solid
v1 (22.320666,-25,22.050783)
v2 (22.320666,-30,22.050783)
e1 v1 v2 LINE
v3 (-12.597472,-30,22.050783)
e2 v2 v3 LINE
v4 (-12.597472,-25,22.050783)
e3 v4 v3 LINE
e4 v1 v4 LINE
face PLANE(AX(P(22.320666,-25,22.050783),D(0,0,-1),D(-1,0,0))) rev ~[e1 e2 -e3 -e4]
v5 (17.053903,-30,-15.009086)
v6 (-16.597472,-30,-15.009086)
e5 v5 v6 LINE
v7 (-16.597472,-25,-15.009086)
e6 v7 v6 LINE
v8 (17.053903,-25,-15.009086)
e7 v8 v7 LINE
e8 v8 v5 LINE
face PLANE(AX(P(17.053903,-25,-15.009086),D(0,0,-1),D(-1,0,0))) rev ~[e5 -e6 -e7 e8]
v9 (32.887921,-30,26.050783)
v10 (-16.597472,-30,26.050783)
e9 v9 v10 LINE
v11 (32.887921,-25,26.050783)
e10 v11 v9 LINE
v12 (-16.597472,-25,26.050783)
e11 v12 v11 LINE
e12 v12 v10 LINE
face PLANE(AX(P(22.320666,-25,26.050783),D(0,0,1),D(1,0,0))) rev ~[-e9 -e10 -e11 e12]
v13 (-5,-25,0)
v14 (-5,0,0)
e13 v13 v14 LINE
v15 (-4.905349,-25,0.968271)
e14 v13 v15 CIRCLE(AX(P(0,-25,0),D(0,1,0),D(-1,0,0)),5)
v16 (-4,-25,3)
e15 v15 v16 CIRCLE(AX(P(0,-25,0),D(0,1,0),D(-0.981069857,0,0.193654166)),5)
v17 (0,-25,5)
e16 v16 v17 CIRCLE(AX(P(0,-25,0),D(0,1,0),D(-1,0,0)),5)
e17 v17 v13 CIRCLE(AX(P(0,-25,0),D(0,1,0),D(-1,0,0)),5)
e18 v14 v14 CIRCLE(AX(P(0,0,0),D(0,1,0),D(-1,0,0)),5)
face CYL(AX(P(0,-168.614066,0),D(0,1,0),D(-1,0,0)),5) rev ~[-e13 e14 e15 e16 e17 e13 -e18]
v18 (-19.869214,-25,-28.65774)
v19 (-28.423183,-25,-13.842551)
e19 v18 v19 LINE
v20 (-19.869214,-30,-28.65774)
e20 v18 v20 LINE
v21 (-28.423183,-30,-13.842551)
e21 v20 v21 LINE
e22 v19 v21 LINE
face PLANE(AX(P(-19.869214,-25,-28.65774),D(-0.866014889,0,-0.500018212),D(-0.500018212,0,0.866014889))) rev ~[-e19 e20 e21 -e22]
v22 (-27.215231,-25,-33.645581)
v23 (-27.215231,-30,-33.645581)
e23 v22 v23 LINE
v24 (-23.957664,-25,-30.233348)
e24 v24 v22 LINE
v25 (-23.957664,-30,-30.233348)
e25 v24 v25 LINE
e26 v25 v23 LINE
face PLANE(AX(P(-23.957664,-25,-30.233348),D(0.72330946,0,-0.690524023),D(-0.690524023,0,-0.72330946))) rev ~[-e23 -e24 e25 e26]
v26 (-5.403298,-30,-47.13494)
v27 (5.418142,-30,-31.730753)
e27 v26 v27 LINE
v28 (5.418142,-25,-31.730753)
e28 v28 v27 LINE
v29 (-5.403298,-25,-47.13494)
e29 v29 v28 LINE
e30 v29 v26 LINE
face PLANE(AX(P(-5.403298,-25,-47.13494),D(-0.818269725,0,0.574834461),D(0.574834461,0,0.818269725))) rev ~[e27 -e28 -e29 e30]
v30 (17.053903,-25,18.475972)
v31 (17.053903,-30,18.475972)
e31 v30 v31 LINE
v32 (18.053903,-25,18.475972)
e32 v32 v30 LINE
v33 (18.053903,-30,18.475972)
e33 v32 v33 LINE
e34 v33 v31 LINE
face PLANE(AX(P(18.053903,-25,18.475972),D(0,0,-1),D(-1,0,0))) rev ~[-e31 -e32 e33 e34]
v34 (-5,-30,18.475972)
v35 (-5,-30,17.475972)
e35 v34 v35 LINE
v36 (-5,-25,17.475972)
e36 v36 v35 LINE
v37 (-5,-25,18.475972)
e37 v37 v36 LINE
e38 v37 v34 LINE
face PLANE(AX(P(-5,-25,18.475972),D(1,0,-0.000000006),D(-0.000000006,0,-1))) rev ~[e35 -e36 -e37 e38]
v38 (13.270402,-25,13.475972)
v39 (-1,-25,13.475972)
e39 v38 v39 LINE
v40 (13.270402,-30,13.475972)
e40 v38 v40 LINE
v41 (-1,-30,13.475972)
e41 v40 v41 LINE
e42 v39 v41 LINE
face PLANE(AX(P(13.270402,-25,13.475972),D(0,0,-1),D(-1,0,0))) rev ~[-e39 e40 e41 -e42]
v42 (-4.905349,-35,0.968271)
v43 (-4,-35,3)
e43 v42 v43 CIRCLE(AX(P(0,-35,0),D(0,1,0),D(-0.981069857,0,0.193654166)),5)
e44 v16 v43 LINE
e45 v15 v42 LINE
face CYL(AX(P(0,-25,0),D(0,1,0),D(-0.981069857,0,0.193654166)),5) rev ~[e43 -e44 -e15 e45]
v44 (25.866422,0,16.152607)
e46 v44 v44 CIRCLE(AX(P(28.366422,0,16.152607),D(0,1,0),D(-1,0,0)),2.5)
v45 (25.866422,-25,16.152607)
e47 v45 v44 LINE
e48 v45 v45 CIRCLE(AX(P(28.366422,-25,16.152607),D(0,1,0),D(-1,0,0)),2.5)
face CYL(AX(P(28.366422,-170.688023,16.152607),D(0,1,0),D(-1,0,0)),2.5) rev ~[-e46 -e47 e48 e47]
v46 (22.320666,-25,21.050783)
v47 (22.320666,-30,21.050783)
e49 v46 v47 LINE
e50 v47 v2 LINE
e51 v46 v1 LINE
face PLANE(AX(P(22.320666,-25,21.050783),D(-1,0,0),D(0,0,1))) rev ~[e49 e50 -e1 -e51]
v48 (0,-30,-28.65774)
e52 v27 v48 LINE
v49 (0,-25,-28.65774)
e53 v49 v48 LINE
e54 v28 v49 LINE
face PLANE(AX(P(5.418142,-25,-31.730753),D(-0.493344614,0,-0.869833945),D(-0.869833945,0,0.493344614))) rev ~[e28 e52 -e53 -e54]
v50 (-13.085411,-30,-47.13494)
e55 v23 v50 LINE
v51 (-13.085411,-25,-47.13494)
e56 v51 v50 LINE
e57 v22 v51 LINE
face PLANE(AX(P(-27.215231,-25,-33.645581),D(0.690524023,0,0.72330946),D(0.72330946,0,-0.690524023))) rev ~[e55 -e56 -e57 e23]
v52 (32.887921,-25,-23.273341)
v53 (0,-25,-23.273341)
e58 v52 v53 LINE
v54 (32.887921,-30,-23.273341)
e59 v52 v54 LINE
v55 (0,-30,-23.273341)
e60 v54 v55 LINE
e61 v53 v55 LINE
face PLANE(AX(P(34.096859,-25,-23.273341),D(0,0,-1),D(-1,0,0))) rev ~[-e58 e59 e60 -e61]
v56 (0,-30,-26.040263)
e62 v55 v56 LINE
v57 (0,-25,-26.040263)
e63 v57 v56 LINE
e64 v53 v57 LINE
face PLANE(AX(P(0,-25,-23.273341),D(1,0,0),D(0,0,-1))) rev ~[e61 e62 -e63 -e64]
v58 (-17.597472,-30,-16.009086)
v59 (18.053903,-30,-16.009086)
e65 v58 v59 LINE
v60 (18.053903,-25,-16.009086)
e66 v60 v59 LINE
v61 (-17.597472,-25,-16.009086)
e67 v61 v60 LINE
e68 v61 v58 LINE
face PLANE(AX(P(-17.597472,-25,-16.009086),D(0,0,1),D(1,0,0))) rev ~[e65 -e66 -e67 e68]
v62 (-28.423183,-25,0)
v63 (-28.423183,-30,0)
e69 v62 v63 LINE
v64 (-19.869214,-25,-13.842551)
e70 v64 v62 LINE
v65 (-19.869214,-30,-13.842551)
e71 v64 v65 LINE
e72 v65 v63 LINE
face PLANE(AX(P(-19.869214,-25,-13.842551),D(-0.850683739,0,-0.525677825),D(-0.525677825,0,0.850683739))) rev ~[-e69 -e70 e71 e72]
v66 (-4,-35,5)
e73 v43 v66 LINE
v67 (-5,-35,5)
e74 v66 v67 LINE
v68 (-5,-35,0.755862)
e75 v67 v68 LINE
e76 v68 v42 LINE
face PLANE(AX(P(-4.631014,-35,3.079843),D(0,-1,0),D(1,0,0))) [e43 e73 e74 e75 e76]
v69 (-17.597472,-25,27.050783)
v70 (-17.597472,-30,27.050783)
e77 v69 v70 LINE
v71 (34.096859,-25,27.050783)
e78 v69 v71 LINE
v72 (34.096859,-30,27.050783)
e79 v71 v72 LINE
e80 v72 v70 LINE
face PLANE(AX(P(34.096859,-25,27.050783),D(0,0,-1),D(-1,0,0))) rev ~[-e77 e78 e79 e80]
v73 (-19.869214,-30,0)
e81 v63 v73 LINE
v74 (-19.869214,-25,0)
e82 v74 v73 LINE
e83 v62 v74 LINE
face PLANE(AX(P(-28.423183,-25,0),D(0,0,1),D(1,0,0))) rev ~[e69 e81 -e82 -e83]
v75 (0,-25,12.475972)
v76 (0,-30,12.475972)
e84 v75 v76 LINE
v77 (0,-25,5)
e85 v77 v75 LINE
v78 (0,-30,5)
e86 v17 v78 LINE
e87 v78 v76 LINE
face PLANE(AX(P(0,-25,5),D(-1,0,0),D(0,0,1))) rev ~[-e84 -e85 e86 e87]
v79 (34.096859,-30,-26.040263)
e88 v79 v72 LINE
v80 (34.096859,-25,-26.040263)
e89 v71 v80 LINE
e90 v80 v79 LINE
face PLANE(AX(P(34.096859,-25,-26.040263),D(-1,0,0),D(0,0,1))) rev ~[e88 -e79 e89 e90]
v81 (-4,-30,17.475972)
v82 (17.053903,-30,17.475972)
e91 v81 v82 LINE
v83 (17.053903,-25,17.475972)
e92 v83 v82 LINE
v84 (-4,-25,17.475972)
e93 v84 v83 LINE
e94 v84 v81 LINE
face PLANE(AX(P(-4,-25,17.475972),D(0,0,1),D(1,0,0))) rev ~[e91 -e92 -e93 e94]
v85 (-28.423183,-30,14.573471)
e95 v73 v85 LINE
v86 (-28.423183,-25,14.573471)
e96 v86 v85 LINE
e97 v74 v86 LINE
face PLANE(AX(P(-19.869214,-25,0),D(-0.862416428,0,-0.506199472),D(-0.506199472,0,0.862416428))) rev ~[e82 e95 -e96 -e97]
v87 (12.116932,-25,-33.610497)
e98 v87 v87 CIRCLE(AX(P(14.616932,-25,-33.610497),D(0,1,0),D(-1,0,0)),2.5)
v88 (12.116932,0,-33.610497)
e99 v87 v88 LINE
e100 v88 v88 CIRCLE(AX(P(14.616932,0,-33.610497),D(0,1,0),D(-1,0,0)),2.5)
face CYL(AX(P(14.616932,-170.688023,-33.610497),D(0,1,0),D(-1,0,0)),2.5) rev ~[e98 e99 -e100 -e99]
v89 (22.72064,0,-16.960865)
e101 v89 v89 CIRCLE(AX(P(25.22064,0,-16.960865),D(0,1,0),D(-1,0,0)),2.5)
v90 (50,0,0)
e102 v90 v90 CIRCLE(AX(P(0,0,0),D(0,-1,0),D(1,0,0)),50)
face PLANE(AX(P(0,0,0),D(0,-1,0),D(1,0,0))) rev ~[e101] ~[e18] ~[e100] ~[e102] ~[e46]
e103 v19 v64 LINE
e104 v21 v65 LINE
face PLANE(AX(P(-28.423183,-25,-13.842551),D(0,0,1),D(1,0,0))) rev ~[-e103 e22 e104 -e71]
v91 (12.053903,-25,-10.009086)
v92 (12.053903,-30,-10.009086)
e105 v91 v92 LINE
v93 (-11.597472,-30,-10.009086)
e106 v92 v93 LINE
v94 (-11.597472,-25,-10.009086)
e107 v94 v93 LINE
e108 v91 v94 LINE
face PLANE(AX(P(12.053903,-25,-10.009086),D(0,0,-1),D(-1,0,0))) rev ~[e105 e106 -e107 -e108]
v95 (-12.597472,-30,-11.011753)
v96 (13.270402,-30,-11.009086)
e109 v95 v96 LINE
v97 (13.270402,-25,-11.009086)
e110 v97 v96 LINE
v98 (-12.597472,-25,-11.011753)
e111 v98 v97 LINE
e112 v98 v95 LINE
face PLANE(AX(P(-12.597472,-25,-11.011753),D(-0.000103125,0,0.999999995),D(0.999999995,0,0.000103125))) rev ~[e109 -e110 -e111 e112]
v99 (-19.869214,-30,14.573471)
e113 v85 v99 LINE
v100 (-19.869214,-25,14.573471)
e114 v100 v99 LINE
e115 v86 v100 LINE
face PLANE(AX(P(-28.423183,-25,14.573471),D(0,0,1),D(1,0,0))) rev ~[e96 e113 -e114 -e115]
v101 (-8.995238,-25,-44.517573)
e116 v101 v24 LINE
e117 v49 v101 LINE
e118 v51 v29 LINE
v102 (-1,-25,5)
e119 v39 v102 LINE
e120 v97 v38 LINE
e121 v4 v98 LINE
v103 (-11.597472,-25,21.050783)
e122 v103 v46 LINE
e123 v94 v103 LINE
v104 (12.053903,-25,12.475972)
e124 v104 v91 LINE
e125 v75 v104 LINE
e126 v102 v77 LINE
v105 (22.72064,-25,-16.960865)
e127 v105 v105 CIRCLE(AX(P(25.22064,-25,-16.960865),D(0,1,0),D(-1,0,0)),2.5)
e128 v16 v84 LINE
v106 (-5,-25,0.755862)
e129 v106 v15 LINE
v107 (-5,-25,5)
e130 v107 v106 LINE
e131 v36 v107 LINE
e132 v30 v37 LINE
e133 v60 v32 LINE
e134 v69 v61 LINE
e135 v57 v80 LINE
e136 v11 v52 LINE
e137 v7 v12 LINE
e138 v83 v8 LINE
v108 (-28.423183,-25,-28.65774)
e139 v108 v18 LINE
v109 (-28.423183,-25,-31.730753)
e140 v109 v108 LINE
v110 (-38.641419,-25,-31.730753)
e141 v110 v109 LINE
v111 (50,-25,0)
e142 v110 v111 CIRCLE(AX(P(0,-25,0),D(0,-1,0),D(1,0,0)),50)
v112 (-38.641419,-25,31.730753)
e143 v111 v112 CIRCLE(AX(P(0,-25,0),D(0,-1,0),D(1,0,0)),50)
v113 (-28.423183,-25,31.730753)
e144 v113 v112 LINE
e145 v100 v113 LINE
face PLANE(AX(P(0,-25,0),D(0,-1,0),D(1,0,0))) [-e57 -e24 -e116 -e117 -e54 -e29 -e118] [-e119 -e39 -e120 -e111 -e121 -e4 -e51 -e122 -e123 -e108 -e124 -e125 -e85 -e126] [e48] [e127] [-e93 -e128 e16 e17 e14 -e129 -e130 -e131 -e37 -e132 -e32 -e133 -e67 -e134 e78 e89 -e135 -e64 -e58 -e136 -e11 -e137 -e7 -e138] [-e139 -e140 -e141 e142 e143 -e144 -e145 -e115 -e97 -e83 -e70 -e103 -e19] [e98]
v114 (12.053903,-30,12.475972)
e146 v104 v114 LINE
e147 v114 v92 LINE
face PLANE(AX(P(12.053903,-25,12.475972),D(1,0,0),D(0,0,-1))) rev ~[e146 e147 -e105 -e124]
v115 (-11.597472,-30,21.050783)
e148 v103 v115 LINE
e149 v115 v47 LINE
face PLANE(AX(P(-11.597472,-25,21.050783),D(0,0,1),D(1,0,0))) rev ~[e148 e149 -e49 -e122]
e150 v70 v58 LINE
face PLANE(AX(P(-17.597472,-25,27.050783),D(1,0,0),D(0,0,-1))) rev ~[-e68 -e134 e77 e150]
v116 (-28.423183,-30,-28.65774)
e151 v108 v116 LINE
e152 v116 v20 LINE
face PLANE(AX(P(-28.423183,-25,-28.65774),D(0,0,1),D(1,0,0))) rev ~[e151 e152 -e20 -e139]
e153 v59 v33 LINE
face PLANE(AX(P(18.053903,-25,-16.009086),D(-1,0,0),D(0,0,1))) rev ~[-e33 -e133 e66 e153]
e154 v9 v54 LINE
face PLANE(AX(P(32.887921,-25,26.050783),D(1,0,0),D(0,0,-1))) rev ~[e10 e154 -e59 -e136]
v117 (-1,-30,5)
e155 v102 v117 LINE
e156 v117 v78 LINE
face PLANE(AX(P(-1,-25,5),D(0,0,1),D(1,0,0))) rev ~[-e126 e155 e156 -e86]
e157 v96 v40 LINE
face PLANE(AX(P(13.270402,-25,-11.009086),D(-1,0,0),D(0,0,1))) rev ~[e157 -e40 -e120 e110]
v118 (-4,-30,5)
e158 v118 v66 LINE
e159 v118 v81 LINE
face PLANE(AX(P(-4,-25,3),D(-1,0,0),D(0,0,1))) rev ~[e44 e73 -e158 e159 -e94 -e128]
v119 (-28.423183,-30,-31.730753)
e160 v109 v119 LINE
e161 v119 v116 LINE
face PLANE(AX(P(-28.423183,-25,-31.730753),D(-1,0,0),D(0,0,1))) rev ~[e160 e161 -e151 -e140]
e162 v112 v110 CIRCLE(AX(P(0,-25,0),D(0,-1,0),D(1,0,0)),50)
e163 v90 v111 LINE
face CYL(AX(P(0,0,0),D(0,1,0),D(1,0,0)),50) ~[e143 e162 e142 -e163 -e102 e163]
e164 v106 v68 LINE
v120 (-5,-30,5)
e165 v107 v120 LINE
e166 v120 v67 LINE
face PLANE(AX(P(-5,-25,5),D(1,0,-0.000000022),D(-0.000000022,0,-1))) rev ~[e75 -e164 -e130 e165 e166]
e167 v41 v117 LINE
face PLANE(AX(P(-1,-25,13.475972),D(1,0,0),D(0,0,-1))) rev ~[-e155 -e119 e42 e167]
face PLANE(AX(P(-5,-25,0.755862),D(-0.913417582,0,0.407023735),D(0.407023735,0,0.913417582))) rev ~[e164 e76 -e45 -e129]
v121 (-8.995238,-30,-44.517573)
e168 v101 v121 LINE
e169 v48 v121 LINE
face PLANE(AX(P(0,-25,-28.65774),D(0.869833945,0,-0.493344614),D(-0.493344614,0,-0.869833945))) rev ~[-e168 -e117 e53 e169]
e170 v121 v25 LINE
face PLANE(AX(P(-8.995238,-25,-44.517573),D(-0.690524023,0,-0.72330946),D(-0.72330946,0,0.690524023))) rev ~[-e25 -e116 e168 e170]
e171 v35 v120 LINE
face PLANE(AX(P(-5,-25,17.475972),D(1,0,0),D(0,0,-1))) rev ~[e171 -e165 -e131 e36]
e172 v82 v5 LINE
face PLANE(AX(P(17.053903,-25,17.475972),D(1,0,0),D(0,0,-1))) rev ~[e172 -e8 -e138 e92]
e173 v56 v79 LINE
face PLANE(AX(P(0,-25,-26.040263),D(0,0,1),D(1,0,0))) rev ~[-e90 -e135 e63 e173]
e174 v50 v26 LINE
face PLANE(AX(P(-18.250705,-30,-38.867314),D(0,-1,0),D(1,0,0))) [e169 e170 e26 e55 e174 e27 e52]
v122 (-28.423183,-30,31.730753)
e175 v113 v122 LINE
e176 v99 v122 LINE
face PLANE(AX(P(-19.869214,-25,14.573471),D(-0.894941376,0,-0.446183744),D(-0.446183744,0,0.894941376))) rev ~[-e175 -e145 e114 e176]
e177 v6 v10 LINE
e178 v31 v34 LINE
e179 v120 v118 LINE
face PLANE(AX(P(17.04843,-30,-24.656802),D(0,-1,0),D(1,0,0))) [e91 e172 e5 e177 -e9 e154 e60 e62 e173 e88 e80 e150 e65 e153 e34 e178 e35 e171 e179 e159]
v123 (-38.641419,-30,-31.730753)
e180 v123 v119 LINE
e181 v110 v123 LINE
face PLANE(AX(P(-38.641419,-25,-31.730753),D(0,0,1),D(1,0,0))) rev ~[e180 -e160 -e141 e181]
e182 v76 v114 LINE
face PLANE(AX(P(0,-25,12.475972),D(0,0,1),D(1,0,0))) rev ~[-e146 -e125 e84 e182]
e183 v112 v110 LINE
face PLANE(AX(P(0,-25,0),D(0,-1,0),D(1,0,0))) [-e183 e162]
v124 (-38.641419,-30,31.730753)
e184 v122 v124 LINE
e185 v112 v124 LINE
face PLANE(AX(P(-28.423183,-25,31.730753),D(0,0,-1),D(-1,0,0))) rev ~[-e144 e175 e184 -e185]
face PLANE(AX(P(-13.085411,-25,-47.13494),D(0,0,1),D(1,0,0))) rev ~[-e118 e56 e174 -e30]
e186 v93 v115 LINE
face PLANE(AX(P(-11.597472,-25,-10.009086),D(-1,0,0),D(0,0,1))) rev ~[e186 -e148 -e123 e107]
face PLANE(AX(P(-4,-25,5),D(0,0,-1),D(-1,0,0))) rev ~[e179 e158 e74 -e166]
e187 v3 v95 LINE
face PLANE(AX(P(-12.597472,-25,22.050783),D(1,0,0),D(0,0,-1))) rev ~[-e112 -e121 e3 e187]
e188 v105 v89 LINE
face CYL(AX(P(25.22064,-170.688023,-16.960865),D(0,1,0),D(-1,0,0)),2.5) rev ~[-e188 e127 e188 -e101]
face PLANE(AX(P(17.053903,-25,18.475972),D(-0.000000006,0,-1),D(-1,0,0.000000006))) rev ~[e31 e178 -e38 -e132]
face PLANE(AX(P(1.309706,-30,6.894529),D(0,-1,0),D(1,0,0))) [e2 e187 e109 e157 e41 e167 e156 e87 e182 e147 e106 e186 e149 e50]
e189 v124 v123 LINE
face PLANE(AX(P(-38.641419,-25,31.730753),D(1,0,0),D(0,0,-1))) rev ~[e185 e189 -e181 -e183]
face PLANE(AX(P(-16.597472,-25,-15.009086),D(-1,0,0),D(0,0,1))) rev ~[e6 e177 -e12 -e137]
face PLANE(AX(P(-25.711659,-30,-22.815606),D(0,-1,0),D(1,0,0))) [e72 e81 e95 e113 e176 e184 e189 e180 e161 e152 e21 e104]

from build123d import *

# Parameters (mm, degrees)
F0_R      = 50
F1_DEPTH  = 25
F3_D      = 10
F5_DEPTH  = 5
F7_DEPTH  = 10
F9_DEPTH  = 5
F11_DEPTH = 5
F13_D     = 5
F15_DEPTH = 5
F17_DEPTH = 5
F19_DEPTH = 5
F21_D     = 5


with BuildPart() as f1:
    # F0 (on Front) → F1 (new body)
    with BuildSketch(Plane.XZ):
        Circle(F0_R)
    extrude(amount=F1_DEPTH)

    # F3 (through all)
    with Locations(Plane.XZ.offset(25)):
        with Locations((0, 0)):
            Hole(F3_D / 2)

    # F4 (on face) → F5 (join)
    with BuildSketch(Plane.XZ.offset(25)):
        Polygon((-1, 5), (0, 5), (0, 12.4759720638), (12.0539031955, 12.4759720638), (12.0539031955, 0), (12.0539031955, -10.0090857595), (0, -10.0090857595), (-11.5974724069, -10.0090857595), (-11.5974724069, 0), (-11.5974724069, 12.4759720638), (-11.5974724069, 21.0507828742), (22.3206661865, 21.0507828742), (22.3206661865, 22.0507828742), (-11.5974724069, 22.0507828742), (-12.5974724069, 22.0507828742), (-12.5974724069, 5.5559086613), (-12.5974724069, -11.0117533952), (13.2704021633, -11.0090857595), (13.2704021633, -10.0090857595), (13.2704021633, 12.4759720638), (13.2704021633, 13.4759720638), (0, 13.4759720638), (-1, 13.4759720638), (-1, 12.4759720638), align=None)
        Polygon((-16.5974722952, 12.4759720638), (-16.5974722952, 26.0507827625), (22.3206661865, 26.0507827625), (22.3206661865, 27.0507827625), (-16.5974722952, 27.0507827625), (-17.5974722952, 27.0507827625), (-17.5974722952, 26.1644367129), (-17.5974722952, -14.8946940899), (-17.5974722952, -15.0090856478), (-17.5974722952, -16.0090856478), (18.0539030838, -16.0090856478), (18.0539030838, -15.0090856478), (18.0539030838, 18.475971811), (17.0539030838, 18.475971811), (-4.9999998818, 18.4759719521), (-4.9999998882, 17.4759719521), (-4.9999998882, 5), (-3.9999998882, 5), (-3.9999998882, 17.4759719521), (17.0539030838, 17.4759719521), (17.0539030838, 0), (17.0539030838, -15.0090856478), (-0.0038306937, -15.0090856478), (-16.5974722952, -15.0090856478), (-16.5974722952, 0), align=None)
    extrude(amount=F5_DEPTH)

    # F6 (on face) → F7 (join)
    with BuildSketch(Plane.XZ.offset(25)):
        with BuildLine():
            Line((-3.9999998882, 5), (-4.9999998882, 5))
            Line((-4.9999998882, 5), (-4.9999999831, 0.7558615648))
            Line((-4.9999999831, 0.7558615648), (-4.9053492841, 0.9682708303))
            ThreePointArc((-4.9053492841, 0.9682708303), (-4.5670879099, 2.0351186755), (-3.9999998882, 3.000000149))
            Line((-3.9999998882, 3.000000149), (-3.9999998882, 5))
        make_face()
    extrude(amount=F7_DEPTH)

    # F8 (on face) → F9 (join)
    with BuildSketch(Plane.XZ.offset(25)):
        Polygon((25.6022717804, 27.0507827625), (22.3206661865, 27.0507827625), (22.3206661865, 26.0507827625), (25.6022717804, 26.0507827625), (27.1489042789, 26.0507827625), (28.8951024413, 26.0507827625), (32.8879207373, 26.0507827625), (32.8879207373, 18.475971811), (32.8879207373, 9.354759939), (32.8879207373, 5.5606500246), (32.8879207373, 0), (32.8879207373, -5.7792388834), (32.8879207373, -17.5537280738), (32.8879207373, -21.467147395), (32.8879207373, -23.2733413577), (34.0968593955, -23.2733413577), (34.0968593955, -16.0090856478), (34.0968593955, 0), (34.0968593955, 6.9746486843), (34.0968593955, 11.9728827849), (34.0968593955, 18.475971811), (34.0968593955, 27.0507827625), (32.8879207373, 27.0507827625), (28.4710265696, 27.0507827625), align=None)
    extrude(amount=F9_DEPTH)

    # F10 (on face) → F11 (join)
    with BuildSketch(Plane.XZ.offset(25)):
        Polygon((34.0968593955, -23.2733413577), (32.8879207373, -23.2733413577), (0, -23.2733413577), (0, -26.040263474), (34.0968593955, -26.040263474), align=None)
    extrude(amount=F11_DEPTH)

    # F13 (through all)
    with Locations(Plane.XZ.offset(25)):
        with Locations((25.2206400037, -16.9608648866), (28.3664222807, 16.152607277)):
            Hole(F13_D / 2)

    # F14 (on face) → F15 (join)
    with BuildSketch(Plane.XZ.offset(25)):
        Polygon((-28.4231826663, 31.7307532181), (-38.6414194901, 31.7307532181), (-38.6414194901, -31.7307532181), (-28.4231826663, -31.7307532181), (-28.4231826663, -31.0340896249), align=None)
    extrude(amount=F15_DEPTH)

    # F16 (on face) → F17 (join)
    with BuildSketch(Plane.XZ.offset(25)):
        Polygon((-19.8692139238, -28.657739982), (-28.4231826663, -13.8425510377), (-28.4231826663, -28.657739982), align=None)
        Polygon((-19.8692139238, -13.8425510377), (-28.4231826663, 0), (-28.4231826663, -13.8425510377), align=None)
        Polygon((-19.8692139238, 0), (-28.4231826663, 14.5734706894), (-28.4231826663, 0), align=None)
        Polygon((-19.8692139238, 14.5734706894), (-28.4231826663, 31.7307532181), (-28.4231826663, 14.5734706894), align=None)
    extrude(amount=F17_DEPTH)

    # F18 (on face) → F19 (join)
    with BuildSketch(Plane.XZ.offset(25)):
        Polygon((-23.9576643267, -30.233348331), (-27.21523121, -33.645581454), (-13.0854109302, -47.1349395812), (-8.995237881, -44.5175730967), align=None)
        Polygon((-8.995237881, -44.5175730967), (-13.0854109302, -47.1349395812), (-5.403298419, -47.1349395812), (5.4181421023, -31.7307532181), (0, -28.657739982), align=None)
    extrude(amount=F19_DEPTH)

    # F21 (through all)
    with Locations(Plane.XZ.offset(25)):
        with Locations((14.6169317886, -33.61049667)):
            Hole(F21_D / 2)


solid = f1.part
